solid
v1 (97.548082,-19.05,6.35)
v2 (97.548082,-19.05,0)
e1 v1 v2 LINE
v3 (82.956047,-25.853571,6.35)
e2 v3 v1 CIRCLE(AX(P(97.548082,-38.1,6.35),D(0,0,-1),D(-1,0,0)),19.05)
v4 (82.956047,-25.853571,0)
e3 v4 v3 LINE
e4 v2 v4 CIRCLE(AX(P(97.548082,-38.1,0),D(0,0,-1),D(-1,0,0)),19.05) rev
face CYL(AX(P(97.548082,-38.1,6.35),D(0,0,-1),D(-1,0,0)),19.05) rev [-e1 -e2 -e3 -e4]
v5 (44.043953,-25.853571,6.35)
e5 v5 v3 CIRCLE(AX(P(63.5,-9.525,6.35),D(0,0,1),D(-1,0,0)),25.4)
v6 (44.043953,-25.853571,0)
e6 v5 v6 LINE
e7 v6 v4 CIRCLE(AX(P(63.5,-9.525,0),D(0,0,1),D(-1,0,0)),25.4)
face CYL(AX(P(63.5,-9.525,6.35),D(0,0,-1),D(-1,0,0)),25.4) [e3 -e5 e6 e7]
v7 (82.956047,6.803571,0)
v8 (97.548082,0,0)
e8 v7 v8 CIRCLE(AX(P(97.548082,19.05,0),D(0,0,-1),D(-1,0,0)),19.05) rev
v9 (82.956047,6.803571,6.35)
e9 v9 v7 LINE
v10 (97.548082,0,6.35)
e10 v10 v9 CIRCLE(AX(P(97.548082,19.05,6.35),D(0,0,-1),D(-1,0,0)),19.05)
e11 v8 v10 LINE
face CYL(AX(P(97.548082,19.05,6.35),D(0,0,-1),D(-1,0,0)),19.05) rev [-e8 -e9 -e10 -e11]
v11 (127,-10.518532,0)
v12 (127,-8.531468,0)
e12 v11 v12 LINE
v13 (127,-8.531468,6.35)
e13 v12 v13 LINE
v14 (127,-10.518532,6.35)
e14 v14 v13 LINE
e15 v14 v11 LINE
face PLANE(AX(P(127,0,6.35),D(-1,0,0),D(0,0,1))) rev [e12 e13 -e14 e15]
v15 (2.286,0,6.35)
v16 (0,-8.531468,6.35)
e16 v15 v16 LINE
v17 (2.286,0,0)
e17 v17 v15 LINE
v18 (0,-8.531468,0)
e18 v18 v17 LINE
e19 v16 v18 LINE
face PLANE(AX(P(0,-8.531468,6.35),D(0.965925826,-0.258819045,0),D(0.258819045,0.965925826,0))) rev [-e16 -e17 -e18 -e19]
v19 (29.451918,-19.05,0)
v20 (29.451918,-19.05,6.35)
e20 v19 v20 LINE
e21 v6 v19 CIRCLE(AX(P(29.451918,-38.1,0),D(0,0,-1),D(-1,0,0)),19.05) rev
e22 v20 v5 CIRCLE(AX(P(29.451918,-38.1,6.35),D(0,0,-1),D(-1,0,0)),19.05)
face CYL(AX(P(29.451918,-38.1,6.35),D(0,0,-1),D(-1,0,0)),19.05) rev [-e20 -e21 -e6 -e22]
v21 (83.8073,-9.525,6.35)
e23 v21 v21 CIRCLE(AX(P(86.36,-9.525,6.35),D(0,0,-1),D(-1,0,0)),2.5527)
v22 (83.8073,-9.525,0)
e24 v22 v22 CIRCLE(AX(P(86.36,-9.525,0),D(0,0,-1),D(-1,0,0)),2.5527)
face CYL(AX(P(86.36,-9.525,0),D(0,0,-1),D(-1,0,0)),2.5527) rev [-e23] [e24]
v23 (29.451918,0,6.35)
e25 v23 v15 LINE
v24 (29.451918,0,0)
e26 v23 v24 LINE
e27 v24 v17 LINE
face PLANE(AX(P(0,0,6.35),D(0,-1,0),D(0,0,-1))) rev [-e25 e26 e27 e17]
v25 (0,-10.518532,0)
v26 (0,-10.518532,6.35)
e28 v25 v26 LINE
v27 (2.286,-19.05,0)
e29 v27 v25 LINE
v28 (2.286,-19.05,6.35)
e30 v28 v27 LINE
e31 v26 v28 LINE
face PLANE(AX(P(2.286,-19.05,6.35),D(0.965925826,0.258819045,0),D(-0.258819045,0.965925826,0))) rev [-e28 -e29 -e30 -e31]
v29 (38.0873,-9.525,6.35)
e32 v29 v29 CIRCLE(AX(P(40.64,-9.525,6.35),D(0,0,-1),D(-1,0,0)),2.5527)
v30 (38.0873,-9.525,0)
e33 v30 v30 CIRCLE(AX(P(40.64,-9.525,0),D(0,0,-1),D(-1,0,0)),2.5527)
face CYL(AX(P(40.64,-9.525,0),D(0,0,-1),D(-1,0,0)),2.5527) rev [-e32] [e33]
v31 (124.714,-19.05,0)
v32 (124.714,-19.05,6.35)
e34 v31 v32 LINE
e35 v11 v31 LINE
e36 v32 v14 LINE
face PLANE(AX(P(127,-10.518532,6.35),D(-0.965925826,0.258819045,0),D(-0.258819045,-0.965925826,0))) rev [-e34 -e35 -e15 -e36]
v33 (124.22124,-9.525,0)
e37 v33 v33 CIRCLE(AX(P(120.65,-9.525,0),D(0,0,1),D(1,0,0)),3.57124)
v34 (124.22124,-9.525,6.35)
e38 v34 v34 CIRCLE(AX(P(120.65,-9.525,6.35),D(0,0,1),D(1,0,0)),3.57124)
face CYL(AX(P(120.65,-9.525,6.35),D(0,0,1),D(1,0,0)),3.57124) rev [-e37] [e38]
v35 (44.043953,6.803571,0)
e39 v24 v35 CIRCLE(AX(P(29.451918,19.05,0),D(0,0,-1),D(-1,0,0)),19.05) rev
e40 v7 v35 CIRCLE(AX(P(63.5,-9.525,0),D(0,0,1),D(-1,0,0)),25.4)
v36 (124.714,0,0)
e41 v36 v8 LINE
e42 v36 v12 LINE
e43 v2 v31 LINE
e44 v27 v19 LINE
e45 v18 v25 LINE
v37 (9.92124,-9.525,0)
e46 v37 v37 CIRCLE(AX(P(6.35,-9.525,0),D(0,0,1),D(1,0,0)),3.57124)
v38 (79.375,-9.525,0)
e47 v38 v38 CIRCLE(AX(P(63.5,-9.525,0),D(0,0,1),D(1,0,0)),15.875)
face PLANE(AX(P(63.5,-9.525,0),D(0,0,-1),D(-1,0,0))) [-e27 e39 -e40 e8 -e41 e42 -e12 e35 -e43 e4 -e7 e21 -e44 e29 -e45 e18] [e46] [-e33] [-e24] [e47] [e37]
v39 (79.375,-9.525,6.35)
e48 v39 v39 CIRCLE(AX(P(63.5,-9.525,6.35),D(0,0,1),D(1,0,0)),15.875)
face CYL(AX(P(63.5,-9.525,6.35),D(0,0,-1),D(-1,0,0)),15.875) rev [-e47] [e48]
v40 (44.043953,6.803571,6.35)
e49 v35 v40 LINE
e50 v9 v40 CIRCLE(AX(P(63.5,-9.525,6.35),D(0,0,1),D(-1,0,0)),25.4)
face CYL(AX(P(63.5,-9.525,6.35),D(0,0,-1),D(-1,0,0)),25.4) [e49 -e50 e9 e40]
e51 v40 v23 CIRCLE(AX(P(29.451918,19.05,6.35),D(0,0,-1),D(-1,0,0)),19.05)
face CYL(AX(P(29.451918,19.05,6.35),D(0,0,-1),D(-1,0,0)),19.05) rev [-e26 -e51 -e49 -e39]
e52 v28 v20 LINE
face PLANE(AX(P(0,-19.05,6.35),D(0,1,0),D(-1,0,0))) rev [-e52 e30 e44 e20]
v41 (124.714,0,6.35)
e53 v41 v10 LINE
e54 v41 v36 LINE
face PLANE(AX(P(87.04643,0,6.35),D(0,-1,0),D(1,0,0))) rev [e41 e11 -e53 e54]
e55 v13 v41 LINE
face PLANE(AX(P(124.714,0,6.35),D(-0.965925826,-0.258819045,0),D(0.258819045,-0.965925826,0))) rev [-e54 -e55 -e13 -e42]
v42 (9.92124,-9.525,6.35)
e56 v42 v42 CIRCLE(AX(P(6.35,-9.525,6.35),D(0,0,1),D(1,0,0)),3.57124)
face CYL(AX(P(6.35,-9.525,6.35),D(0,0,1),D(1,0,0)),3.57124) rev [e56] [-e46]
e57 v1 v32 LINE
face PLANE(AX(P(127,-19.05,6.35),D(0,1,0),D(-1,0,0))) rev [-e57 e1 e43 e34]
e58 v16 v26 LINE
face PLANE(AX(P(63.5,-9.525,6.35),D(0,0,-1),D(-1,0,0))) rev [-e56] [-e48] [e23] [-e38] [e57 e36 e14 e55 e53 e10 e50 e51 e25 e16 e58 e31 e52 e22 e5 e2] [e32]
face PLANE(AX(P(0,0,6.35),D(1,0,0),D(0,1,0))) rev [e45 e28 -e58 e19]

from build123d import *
from OCP.BRepFilletAPI import BRepFilletAPI_MakeChamfer

# Parameters (mm, degrees)
SKETCH1_R                   = 15.875
EXTRUDE1_DEPTH              = 6.35
CHAMFER1_SIZE               = 2.286
CHAMFER1_SIZE2              = 8.531468146
F_1_4_CLEARANCE_HOLE1_D     = 7.14248
F_1_4_20_TAPPED_HOLE1_D     = 5.1054
F_1_4_20_TAPPED_HOLE1_DEPTH = 16.51
F_1_4_20_TAPPED_HOLE1_TIP   = 1.533816902
FILLET1_R                   = 19.05


with BuildPart() as part:
    # Sketch1 → Extrude1 (new body)
    with BuildSketch(Plane.XY):
        with BuildLine():
            Line((0, 0), (0, -19.05))
            Line((0, -19.05), (39.953569803, -19.05))
            ThreePointArc((39.953569803, -19.05), (63.5, -34.925), (87.046430197, -19.05))
            Line((87.046430197, -19.05), (127, -19.05))
            Line((127, -19.05), (127, 0))
            Line((127, 0), (87.046430197, 0))
            ThreePointArc((87.046430197, 0), (63.5, 15.875), (39.953569803, 0))
            Line((39.953569803, 0), (0, 0))
        make_face()
        with Locations((63.5, -9.525)):
            Circle(SKETCH1_R, mode=Mode.SUBTRACT)
    extrude(amount=EXTRUDE1_DEPTH)

    # Chamfer1: one chamfer whose edges measure the first distance from different faces: ONE call of the kernel's chamfer builder (chamfer() names one face for all edges)
    chamfer1_edges_1 = [part.edges().sort_by_distance(p)[0] for p in [
        (127, 0, 3.175),
    ]]
    chamfer1_side_1 = [part.faces().sort_by_distance(p)[0] for p in [
        (107.023215098, 0, 3.175),
    ]]
    chamfer1_edges_2 = [part.edges().sort_by_distance(p)[0] for p in [
        (127, -19.05, 3.175),
    ]]
    chamfer1_side_2 = [part.faces().sort_by_distance(p)[0] for p in [
        (107.023215098, -19.05, 3.175),
    ]]
    chamfer1_edges_3 = [part.edges().sort_by_distance(p)[0] for p in [
        (0, -19.05, 3.175),
    ]]
    chamfer1_side_3 = [part.faces().sort_by_distance(p)[0] for p in [
        (19.976784902, -19.05, 3.175),
    ]]
    chamfer1_edges_4 = [part.edges().sort_by_distance(p)[0] for p in [
        (0, 0, 3.175),
    ]]
    chamfer1_side_4 = [part.faces().sort_by_distance(p)[0] for p in [
        (19.976784902, 0, 3.175),
    ]]
    chamfer1 = BRepFilletAPI_MakeChamfer(part.part.solid().wrapped)
    for e in chamfer1_edges_1:
        chamfer1.Add(CHAMFER1_SIZE, CHAMFER1_SIZE2, e.wrapped, chamfer1_side_1[0].wrapped)  # the first distance lies on this face
    for e in chamfer1_edges_2:
        chamfer1.Add(CHAMFER1_SIZE, CHAMFER1_SIZE2, e.wrapped, chamfer1_side_2[0].wrapped)  # the first distance lies on this face
    for e in chamfer1_edges_3:
        chamfer1.Add(CHAMFER1_SIZE, CHAMFER1_SIZE2, e.wrapped, chamfer1_side_3[0].wrapped)  # the first distance lies on this face
    for e in chamfer1_edges_4:
        chamfer1.Add(CHAMFER1_SIZE, CHAMFER1_SIZE2, e.wrapped, chamfer1_side_4[0].wrapped)  # the first distance lies on this face
    add(Compound.cast(chamfer1.Shape()), mode=Mode.REPLACE)

    # 1/4 Clearance Hole1 (through all)
    with Locations(Plane(origin=(6.35, -9.525, 6.35), x_dir=(1, 0, 0), z_dir=(0, 0, 1))):
        with Locations((0, 0), (114.3, 0)):
            Hole(F_1_4_CLEARANCE_HOLE1_D / 2)

    # 1/4-20 Tapped Hole1
    with Locations(Plane(origin=(40.64, -9.525, 0), x_dir=(-1, 0, 0), z_dir=(0, 0, -1))):
        with Locations((0, 0), (-45.72, 0)):
            Hole(F_1_4_20_TAPPED_HOLE1_D / 2, depth=F_1_4_20_TAPPED_HOLE1_DEPTH)
            with Locations((0, 0, -(F_1_4_20_TAPPED_HOLE1_DEPTH + F_1_4_20_TAPPED_HOLE1_TIP / 2))):  # 118° drill point
                Cone(0, F_1_4_20_TAPPED_HOLE1_D / 2, F_1_4_20_TAPPED_HOLE1_TIP, mode=Mode.SUBTRACT)

    # Fillet1
    fillet1_edges = [part.edges().sort_by_distance(p)[0] for p in [
        (39.953569803, 0, 3.175),
        (87.046430197, 0, 3.175),
        (87.046430197, -19.05, 3.175),
        (39.953569803, -19.05, 3.175),
    ]]
    fillet(fillet1_edges, radius=FILLET1_R)


solid = part.part
